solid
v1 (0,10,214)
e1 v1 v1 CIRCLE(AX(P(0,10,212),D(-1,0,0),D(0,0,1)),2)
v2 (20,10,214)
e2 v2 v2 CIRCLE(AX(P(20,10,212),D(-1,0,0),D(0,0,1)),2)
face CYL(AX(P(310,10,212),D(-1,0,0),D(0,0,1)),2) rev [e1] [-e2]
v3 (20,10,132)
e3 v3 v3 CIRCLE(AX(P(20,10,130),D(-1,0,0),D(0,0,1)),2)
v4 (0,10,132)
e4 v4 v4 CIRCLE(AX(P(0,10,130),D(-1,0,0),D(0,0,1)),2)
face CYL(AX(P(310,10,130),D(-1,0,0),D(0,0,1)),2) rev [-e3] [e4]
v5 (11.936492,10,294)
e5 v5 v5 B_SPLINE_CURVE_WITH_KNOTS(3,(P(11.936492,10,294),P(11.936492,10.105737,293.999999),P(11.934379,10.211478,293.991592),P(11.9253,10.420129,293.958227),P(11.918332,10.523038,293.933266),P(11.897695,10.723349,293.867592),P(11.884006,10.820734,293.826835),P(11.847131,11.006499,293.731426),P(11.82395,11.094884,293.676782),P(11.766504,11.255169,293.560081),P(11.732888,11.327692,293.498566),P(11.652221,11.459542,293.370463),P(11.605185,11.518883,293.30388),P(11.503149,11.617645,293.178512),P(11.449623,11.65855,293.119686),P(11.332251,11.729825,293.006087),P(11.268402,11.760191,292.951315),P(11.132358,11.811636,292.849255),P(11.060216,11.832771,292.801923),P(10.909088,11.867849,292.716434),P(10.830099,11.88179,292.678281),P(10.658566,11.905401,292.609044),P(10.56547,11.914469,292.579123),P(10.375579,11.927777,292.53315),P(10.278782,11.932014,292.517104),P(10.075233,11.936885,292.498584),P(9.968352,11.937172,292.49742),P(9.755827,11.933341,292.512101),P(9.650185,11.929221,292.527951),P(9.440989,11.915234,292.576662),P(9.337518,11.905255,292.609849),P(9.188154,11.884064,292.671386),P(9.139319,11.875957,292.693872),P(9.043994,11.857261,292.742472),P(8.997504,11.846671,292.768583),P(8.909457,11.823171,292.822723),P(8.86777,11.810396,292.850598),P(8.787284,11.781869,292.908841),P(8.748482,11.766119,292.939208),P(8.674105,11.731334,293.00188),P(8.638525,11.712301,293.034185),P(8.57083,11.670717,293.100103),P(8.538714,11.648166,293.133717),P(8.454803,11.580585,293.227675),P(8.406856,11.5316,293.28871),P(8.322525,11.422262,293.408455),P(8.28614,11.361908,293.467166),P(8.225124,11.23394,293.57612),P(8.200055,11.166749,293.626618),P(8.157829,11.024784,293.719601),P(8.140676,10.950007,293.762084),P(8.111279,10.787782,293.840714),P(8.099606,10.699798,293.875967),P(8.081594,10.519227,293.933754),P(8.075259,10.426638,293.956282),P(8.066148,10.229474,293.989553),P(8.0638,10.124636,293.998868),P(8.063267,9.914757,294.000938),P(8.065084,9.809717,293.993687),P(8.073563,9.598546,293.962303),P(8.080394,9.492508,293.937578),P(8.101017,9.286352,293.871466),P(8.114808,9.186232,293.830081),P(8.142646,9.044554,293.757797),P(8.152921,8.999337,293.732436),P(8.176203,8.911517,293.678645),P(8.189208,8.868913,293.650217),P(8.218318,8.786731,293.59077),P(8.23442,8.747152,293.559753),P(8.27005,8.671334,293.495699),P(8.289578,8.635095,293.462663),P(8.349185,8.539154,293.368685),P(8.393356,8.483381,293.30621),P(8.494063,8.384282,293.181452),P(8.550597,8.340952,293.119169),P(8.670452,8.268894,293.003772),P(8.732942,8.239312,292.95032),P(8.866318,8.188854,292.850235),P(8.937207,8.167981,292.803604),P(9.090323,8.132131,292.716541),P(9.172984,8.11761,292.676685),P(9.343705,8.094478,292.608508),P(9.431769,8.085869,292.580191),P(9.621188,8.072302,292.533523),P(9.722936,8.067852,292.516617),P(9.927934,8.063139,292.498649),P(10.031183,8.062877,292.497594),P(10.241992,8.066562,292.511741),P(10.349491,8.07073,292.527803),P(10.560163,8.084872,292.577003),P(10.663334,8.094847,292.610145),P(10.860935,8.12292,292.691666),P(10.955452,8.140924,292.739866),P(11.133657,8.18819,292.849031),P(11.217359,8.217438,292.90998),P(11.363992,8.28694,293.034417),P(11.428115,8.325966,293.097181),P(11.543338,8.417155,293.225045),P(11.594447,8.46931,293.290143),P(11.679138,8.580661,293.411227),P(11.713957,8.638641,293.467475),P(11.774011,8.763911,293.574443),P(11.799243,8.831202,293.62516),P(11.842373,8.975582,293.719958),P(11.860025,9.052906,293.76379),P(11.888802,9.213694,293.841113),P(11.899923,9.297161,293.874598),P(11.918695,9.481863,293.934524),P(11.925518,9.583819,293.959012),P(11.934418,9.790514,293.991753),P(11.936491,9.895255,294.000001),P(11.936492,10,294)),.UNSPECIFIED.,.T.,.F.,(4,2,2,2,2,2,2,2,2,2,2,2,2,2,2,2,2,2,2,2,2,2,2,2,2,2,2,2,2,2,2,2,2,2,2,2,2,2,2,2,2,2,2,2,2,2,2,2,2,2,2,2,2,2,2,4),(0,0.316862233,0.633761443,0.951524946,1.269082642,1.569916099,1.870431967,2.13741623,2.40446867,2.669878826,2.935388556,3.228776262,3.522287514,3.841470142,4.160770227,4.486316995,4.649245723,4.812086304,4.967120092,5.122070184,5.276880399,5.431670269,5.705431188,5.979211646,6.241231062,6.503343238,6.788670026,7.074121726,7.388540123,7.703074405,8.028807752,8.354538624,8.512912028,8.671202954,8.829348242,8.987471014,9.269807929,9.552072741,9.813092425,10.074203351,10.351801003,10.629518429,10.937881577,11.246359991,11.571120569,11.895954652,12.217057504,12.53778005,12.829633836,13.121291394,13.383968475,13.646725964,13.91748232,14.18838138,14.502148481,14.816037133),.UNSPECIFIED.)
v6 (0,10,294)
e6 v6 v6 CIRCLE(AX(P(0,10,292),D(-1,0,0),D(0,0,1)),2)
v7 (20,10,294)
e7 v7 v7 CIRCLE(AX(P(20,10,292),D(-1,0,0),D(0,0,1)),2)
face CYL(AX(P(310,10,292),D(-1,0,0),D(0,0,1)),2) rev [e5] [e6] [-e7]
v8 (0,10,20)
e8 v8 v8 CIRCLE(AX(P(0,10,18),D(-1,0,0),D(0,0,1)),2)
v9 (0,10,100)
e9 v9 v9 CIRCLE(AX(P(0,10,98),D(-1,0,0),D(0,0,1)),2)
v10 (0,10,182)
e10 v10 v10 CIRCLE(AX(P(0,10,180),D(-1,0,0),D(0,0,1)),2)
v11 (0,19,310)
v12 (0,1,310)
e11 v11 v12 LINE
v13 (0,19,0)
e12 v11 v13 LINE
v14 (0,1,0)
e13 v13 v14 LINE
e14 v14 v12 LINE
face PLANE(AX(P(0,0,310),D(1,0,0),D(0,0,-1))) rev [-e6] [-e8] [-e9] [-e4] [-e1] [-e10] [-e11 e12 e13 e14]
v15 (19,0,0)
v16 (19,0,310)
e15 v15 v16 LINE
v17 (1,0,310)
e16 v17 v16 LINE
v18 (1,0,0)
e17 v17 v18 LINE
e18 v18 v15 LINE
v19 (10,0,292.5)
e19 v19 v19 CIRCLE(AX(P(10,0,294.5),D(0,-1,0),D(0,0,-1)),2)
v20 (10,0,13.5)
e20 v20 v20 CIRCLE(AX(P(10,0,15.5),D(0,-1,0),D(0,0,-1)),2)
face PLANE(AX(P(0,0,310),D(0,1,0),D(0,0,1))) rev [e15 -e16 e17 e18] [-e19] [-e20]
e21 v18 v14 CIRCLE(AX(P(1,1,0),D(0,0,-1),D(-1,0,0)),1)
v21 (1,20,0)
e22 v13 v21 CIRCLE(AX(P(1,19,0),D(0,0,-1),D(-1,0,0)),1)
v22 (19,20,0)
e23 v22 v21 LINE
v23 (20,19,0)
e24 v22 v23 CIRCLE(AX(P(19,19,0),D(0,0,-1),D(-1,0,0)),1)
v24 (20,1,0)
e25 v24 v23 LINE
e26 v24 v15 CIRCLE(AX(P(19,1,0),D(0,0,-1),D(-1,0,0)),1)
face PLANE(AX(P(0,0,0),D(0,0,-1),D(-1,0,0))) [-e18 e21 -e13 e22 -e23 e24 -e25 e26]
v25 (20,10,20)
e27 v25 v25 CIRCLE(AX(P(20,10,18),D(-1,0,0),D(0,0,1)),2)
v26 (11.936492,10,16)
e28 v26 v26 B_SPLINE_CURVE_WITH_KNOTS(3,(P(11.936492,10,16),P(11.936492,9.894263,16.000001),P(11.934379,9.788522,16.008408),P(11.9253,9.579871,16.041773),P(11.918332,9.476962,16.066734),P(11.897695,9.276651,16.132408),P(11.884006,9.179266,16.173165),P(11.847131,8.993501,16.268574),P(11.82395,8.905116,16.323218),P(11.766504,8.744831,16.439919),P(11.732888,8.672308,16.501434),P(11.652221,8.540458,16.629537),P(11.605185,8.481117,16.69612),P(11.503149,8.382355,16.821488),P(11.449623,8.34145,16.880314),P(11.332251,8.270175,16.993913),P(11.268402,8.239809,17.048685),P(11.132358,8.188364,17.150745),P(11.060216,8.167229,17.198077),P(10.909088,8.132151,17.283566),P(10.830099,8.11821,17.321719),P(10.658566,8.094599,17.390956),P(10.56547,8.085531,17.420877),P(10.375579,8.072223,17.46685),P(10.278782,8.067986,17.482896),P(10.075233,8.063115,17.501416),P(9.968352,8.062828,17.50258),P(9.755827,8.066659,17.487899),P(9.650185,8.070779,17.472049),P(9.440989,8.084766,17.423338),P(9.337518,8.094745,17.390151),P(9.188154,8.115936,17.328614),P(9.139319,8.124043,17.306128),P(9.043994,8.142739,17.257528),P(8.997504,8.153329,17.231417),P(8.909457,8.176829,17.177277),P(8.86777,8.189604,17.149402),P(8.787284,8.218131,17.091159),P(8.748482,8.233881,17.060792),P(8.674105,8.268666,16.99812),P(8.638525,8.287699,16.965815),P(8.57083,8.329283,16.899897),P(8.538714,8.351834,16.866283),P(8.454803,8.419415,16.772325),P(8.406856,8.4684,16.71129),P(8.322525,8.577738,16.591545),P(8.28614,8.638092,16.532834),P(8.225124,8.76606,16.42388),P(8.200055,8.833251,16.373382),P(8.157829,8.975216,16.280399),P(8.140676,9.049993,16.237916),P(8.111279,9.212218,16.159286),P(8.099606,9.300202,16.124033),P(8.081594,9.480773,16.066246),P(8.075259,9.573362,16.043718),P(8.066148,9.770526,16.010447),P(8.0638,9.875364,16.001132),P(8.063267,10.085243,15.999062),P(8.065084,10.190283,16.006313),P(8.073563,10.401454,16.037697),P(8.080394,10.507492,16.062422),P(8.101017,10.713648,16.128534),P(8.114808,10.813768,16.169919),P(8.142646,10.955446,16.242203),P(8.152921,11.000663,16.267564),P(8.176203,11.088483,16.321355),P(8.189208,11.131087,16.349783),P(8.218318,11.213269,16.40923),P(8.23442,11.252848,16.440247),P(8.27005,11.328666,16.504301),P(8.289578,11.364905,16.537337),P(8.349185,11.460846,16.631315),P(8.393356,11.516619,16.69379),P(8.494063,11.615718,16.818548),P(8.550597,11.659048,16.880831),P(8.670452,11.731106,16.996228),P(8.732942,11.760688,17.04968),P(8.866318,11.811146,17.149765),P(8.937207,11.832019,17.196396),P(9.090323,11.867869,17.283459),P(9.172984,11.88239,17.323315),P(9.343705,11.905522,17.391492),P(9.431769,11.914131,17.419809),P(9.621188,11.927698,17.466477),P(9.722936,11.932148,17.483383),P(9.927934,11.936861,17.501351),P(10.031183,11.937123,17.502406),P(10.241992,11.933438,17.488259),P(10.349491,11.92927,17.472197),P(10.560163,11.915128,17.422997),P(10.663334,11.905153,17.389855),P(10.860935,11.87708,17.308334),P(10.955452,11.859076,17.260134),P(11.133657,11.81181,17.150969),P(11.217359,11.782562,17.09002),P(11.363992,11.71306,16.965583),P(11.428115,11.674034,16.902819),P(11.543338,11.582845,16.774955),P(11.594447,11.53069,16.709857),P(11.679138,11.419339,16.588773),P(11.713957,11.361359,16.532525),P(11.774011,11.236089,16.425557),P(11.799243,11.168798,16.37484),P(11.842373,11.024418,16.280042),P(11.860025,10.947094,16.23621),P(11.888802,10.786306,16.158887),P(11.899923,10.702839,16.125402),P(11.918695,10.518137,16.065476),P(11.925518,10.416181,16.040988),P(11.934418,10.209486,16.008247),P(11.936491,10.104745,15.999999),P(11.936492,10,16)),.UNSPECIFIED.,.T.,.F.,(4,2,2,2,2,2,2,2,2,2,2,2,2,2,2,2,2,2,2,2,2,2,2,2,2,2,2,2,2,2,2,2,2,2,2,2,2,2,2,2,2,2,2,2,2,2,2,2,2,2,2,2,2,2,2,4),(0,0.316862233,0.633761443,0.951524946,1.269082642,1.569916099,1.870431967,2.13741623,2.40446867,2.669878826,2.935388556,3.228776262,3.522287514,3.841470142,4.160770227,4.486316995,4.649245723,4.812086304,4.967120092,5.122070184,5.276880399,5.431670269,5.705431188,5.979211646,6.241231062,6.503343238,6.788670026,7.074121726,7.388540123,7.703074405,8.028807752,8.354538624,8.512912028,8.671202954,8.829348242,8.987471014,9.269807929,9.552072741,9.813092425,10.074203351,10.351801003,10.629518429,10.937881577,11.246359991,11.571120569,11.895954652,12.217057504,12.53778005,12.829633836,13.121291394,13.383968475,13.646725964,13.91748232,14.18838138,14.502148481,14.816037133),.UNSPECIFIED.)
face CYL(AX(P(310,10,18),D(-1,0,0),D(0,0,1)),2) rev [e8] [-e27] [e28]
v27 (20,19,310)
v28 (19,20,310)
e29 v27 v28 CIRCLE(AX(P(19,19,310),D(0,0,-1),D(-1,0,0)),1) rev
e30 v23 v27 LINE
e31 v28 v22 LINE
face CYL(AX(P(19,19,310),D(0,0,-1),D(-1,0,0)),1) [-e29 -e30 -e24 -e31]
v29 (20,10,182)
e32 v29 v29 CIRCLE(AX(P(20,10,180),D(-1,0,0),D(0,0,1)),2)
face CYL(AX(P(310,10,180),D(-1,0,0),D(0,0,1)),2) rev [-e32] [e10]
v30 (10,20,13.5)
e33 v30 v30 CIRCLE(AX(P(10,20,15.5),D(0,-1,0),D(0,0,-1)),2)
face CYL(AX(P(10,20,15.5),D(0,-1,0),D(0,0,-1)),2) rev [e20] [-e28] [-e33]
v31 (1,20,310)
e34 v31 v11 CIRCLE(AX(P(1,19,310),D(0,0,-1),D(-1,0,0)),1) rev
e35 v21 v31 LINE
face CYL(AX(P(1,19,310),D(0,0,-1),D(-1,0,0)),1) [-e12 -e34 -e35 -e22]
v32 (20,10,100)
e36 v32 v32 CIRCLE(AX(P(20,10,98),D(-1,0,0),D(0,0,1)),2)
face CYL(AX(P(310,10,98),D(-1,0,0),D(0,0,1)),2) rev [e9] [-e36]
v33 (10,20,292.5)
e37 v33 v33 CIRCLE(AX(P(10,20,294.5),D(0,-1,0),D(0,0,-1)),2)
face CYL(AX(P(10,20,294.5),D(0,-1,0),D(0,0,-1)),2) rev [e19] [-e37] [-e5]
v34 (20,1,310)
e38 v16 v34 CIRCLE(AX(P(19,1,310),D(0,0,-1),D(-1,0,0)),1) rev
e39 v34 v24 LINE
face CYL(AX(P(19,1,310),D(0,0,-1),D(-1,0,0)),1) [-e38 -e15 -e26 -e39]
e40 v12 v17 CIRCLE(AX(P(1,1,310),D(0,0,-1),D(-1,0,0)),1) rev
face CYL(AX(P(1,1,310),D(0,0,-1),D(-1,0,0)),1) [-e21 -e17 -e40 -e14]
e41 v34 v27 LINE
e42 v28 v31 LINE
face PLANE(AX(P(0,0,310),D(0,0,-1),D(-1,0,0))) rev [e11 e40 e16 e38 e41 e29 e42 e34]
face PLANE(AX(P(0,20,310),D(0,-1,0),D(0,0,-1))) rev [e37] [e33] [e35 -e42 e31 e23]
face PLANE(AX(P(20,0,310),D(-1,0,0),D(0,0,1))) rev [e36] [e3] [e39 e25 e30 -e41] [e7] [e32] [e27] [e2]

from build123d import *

# Parameters (mm, degrees)
SKETCH_1_W          = 20
SKETCH_1_H          = 20
EXTRUDE_1_DEPTH     = 310
FILLET_1_R          = 1
SKETCH_2_R          = 2
CUT_EXTRUDE_1_DEPTH = 310
SKETCH_3_R          = 2
CUT_EXTRUDE_2_DEPTH = 20


with BuildPart() as part:
    # 草图1 → 凸台-拉伸1 (new body)
    with BuildSketch(Plane.XY):
        with Locations((10, 10)):
            Rectangle(SKETCH_1_W, SKETCH_1_H)
    extrude(amount=EXTRUDE_1_DEPTH)

    # 圆角1
    fillet_1_edges = [part.edges().sort_by_distance(p)[0] for p in [
        (0, 20, 155),
        (20, 20, 155),
        (20, 0, 155),
        (0, 0, 155),
    ]]
    fillet(fillet_1_edges, radius=FILLET_1_R)

    # 草图2 → 切除-拉伸1 (cut)
    with BuildSketch(Plane.ZY):
        with Locations((98, 10)):
            Circle(SKETCH_2_R)
        with Locations((212, 10)):
            Circle(SKETCH_2_R)
        with Locations((130, 10)):
            Circle(SKETCH_2_R)
        with Locations((180, 10)):
            Circle(SKETCH_2_R)
        with Locations((18, 10)):
            Circle(SKETCH_2_R)
        with Locations((292, 10)):
            Circle(SKETCH_2_R)
    extrude(amount=-CUT_EXTRUDE_1_DEPTH, mode=Mode.SUBTRACT)

    # 草图3 → 切除-拉伸2 (cut)
    with BuildSketch(Plane.XZ):
        with Locations(Location((10, 15.5, 0), (0, 0, 270))):
            Circle(SKETCH_3_R)
        with Locations(Location((10, 294.5, 0), (0, 0, 270))):
            Circle(SKETCH_3_R)
    extrude(amount=-CUT_EXTRUDE_2_DEPTH, mode=Mode.SUBTRACT)


solid = part.part
